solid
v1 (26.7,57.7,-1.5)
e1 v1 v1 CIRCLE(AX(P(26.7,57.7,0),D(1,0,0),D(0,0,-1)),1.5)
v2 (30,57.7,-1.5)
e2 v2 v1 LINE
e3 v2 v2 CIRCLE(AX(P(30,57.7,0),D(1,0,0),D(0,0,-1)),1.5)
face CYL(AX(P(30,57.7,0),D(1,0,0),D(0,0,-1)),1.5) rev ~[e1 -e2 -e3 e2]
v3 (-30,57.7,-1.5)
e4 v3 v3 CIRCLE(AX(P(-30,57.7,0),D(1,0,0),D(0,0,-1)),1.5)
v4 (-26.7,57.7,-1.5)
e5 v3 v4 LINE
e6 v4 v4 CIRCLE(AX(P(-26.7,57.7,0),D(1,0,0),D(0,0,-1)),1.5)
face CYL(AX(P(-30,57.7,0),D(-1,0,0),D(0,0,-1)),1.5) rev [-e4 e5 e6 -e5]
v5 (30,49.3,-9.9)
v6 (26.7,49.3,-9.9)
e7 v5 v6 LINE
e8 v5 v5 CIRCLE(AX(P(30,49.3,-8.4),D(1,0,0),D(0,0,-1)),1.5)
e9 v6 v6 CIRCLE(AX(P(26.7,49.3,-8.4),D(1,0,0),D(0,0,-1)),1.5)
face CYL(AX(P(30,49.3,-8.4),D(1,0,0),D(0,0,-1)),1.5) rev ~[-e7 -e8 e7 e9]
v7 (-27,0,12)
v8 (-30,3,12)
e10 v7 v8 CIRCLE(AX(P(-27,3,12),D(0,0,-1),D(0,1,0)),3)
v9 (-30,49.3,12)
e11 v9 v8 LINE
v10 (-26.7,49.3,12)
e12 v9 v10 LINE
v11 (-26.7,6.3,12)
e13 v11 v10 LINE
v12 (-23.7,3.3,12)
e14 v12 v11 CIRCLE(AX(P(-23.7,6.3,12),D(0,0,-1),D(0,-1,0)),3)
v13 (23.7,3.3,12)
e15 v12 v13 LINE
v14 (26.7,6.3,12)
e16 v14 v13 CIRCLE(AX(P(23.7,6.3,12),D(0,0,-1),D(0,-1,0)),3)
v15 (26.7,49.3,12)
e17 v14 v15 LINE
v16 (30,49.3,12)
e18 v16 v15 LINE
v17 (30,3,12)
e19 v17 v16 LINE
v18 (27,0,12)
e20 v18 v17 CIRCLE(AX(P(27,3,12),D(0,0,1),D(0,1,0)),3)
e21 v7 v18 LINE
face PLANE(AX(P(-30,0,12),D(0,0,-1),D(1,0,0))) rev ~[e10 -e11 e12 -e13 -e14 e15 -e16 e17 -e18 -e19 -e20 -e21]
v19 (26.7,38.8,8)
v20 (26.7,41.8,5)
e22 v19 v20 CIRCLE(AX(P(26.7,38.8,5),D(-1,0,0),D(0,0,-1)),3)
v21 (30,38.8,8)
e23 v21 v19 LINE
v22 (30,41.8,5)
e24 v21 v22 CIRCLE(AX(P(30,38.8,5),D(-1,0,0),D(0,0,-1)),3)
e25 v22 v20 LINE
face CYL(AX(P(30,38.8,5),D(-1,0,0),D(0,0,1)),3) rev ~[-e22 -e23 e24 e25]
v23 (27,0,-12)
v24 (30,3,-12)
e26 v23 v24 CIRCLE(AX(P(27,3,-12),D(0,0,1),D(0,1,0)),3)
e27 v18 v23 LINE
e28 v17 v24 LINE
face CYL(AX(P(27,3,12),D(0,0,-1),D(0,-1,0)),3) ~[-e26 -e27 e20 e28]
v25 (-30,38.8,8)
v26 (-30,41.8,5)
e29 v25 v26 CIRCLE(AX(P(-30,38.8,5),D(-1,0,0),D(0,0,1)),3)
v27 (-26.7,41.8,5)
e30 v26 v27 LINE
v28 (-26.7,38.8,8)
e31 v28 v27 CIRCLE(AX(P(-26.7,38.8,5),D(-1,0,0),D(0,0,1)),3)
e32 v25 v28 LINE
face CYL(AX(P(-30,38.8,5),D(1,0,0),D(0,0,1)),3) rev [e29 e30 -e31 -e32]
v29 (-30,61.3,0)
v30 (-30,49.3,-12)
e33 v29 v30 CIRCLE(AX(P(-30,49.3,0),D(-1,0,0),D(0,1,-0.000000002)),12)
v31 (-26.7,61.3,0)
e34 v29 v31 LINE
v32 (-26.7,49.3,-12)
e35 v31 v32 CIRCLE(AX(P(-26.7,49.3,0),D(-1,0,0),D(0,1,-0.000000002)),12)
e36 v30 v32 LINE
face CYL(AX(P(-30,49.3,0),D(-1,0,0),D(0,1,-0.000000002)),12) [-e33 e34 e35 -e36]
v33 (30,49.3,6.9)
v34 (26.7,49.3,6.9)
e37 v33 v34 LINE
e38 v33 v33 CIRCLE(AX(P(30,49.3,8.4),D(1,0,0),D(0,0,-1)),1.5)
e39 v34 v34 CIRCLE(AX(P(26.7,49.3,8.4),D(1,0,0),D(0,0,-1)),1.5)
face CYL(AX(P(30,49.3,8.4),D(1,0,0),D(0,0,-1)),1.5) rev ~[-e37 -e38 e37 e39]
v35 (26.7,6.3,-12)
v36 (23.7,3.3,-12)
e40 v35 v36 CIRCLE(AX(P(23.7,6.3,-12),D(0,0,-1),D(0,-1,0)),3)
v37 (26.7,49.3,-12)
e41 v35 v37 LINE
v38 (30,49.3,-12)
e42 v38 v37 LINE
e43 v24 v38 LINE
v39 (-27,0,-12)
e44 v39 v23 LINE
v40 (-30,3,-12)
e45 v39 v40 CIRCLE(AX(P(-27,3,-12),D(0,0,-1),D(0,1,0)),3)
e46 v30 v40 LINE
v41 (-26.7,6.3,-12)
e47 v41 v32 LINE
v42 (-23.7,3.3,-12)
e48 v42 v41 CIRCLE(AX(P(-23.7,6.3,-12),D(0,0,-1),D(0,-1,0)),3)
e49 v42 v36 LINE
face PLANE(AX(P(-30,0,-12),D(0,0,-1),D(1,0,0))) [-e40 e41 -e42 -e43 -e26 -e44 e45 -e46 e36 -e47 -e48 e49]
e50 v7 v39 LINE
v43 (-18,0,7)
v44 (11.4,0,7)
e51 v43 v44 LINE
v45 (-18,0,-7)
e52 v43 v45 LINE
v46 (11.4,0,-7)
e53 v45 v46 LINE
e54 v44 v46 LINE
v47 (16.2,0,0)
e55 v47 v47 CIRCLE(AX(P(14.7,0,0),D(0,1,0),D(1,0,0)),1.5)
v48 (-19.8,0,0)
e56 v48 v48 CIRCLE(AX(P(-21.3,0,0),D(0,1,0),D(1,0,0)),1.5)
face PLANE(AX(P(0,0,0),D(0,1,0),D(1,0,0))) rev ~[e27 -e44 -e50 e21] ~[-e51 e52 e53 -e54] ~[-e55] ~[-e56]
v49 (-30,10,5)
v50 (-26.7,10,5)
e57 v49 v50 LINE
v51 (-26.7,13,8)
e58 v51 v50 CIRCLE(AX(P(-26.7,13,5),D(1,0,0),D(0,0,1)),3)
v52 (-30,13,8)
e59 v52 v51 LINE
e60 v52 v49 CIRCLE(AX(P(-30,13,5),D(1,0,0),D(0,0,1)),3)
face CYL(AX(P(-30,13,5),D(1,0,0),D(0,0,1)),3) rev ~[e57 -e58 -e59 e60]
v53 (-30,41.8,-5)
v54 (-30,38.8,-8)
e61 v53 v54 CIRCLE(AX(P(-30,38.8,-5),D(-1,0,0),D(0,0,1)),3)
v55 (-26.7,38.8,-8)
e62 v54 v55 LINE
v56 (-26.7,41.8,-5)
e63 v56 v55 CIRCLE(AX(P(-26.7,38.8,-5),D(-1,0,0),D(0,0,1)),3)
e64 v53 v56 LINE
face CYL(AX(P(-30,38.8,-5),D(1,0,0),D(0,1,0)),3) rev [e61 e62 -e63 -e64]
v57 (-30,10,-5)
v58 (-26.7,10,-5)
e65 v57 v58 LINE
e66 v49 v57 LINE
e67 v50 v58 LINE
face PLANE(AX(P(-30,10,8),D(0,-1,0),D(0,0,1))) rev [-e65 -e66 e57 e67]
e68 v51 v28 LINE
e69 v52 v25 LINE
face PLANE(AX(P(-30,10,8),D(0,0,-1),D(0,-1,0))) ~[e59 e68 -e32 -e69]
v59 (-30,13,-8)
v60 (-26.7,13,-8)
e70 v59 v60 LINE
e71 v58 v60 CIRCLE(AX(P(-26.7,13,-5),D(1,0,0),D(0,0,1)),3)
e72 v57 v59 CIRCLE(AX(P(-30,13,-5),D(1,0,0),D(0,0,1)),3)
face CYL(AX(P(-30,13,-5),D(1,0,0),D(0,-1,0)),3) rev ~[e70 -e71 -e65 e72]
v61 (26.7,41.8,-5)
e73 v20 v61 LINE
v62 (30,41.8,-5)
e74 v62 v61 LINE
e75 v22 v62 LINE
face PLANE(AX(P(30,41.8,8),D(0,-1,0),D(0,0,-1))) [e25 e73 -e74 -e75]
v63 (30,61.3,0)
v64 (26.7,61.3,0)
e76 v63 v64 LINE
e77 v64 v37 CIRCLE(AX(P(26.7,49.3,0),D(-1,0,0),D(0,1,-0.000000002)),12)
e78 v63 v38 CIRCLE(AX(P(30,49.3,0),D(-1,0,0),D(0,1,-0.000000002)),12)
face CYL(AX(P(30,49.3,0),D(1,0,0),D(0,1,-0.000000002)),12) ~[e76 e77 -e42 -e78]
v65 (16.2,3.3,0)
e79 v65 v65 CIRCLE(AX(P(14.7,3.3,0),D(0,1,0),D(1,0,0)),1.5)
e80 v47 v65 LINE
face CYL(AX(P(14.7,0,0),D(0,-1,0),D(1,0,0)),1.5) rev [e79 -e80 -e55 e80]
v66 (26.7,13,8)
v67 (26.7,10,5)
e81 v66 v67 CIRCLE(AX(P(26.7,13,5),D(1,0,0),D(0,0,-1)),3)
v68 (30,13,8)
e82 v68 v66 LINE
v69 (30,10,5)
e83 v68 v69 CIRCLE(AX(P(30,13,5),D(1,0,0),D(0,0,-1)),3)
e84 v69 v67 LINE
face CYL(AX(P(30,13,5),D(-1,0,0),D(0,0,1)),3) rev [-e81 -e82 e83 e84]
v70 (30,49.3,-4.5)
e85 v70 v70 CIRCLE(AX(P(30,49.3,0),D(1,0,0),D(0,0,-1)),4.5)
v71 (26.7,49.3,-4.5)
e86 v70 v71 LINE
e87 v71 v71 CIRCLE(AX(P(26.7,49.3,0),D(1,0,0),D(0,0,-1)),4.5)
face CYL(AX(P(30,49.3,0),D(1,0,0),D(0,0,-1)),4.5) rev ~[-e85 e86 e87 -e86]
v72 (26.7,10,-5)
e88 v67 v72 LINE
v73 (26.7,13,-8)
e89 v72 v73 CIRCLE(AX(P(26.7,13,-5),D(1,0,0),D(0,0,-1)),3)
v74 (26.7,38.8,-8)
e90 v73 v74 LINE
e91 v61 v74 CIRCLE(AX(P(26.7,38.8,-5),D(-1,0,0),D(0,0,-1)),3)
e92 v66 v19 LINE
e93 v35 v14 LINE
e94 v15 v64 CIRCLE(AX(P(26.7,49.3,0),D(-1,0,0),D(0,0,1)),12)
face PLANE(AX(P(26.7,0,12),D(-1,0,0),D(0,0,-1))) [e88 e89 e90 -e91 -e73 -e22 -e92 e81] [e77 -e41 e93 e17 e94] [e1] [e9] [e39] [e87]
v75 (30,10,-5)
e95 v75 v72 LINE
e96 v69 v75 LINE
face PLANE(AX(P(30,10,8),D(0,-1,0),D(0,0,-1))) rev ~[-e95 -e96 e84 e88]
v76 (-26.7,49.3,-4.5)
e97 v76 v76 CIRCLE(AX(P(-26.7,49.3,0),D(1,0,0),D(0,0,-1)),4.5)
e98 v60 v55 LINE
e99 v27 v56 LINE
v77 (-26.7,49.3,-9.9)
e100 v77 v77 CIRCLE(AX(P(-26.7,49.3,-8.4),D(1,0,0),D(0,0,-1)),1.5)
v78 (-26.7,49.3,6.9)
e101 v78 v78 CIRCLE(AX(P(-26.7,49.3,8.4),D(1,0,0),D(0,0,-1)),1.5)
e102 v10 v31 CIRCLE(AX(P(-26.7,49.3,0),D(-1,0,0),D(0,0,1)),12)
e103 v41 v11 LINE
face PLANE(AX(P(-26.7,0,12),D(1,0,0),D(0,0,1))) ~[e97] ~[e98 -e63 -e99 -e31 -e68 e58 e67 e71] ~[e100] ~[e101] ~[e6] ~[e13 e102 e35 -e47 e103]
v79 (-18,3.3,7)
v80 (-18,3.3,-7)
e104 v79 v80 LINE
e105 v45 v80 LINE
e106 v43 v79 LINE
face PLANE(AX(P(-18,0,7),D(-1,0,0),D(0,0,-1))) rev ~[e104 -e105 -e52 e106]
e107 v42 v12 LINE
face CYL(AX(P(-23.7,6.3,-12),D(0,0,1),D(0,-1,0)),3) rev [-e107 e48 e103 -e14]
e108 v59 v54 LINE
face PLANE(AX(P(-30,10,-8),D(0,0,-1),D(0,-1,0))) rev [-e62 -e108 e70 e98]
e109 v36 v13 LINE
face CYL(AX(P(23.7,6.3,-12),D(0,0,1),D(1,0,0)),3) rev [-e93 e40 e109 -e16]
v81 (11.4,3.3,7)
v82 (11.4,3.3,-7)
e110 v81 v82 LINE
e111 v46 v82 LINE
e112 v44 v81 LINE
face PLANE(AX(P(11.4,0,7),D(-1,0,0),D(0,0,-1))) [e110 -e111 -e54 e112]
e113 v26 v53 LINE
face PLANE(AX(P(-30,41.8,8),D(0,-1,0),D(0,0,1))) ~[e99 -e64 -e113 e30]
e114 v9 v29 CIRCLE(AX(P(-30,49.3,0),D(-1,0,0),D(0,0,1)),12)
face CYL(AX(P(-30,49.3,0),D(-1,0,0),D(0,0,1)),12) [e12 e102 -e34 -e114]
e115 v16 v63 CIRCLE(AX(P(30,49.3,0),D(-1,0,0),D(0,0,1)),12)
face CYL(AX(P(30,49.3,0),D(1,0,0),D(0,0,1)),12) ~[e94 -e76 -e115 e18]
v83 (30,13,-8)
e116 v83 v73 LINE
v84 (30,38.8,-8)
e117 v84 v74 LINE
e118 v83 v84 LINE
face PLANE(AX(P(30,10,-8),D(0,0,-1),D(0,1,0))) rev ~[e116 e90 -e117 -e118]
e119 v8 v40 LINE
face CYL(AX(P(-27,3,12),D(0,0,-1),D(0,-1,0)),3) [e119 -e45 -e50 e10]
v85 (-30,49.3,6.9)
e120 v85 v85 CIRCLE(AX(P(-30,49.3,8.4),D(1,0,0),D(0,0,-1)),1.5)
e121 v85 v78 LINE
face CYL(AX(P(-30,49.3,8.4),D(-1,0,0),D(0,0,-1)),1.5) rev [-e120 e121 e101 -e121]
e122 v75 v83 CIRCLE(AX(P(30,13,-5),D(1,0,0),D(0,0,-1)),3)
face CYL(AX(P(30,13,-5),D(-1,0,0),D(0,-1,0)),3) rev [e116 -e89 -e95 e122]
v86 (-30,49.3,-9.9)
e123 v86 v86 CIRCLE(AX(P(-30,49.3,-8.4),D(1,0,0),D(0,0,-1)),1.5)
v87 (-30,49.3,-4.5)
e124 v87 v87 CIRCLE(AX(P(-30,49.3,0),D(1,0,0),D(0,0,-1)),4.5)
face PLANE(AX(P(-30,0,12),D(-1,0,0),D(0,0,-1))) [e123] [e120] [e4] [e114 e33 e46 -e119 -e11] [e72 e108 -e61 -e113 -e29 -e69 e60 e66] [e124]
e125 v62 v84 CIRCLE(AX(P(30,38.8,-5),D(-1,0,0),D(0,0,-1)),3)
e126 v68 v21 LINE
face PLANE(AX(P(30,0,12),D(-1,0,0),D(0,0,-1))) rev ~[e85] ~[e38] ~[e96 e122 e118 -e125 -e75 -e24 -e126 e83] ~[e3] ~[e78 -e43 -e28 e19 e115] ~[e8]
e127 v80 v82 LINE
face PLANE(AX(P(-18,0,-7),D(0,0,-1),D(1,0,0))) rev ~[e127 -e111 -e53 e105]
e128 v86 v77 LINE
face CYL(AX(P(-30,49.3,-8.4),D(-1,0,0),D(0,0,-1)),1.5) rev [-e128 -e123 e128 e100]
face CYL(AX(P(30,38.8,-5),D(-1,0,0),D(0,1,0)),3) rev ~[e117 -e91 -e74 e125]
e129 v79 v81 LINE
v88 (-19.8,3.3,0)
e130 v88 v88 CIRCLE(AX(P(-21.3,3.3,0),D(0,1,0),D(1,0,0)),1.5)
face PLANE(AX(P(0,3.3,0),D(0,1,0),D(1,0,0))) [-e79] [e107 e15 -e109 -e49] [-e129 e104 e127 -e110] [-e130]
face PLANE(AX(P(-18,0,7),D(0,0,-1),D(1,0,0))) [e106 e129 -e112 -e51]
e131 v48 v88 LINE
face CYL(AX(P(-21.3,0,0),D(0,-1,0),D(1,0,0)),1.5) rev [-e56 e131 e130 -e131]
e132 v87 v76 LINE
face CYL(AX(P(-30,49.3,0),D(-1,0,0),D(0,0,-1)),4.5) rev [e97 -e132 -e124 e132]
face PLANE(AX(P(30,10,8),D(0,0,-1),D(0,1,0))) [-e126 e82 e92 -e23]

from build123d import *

# Parameters (mm, degrees)
SKETCH1_W           = 60
SKETCH1_H           = 24
BOSS_EXTRUDE1_DEPTH = 3.3
SKETCH2_W           = 3.3
SKETCH2_H           = 24
BOSS_EXTRUDE2_DEPTH = 61.3
SKETCH3_W           = 16
SKETCH3_H           = 31.8
CUT_EXTRUDE1_DEPTH  = 3.3
CUT_EXTRUDE2_DEPTH  = 3.3
SKETCH5_R           = 4.5
SKETCH5_R_2         = 1.5
CUT_EXTRUDE3_DEPTH  = 3.3
SKETCH7_R           = 1.5
SKETCH7_W           = 29.4
SKETCH7_H           = 14
CUT_EXTRUDE4_DEPTH  = 3.3
FILLET1_R           = 3


with BuildPart() as part:
    # Sketch1 → Boss-Extrude1 (new body)
    with BuildSketch(Plane(origin=(0, 0, 0), x_dir=(1, 0, 0), z_dir=(0, 1, 0))):
        Rectangle(SKETCH1_W, SKETCH1_H)
    extrude(amount=BOSS_EXTRUDE1_DEPTH)

    # Sketch2 → Boss-Extrude2 (add)
    with BuildSketch(Plane(origin=(0, 0, 0), x_dir=(1, 0, 0), z_dir=(0, 1, 0))):
        with Locations((28.35, 0)):
            Rectangle(SKETCH2_W, SKETCH2_H)
    boss_extrude2 = extrude(amount=BOSS_EXTRUDE2_DEPTH)

    # Sketch3 → Cut-Extrude1 (cut)
    with BuildSketch(Plane(origin=(30, 0, 0), x_dir=(0, 0, -1), z_dir=(1, 0, 0))):
        with Locations((0, 25.9)):
            Rectangle(SKETCH3_W, SKETCH3_H)
    cut_extrude1 = extrude(amount=-CUT_EXTRUDE1_DEPTH, mode=Mode.SUBTRACT)

    # Sketch4 → Cut-Extrude2 (cut)
    with BuildSketch(Plane(origin=(30, 0, 0), x_dir=(0, 0, -1), z_dir=(1, 0, 0))):
        with BuildLine():
            ThreePointArc((2.4e-08, 61.3), (8.485281383, 57.785281366), (12, 49.3))
            Line((12, 49.3), (12, 61.3))
            Line((12, 61.3), (2.4e-08, 61.3))
        make_face()
        with BuildLine():
            ThreePointArc((-12, 49.3), (-8.485281366, 57.785281383), (2.4e-08, 61.3))
            Line((2.4e-08, 61.3), (-12, 61.3))
            Line((-12, 61.3), (-12, 49.3))
        make_face()
    cut_extrude2 = extrude(amount=-CUT_EXTRUDE2_DEPTH, mode=Mode.SUBTRACT)

    # Sketch5 → Cut-Extrude3 (cut)
    with BuildSketch(Plane(origin=(30, 0, 0), x_dir=(0, 0, -1), z_dir=(1, 0, 0))):
        with Locations((0, 49.3)):
            Circle(SKETCH5_R)
        with Locations((8.4, 49.3)):
            Circle(SKETCH5_R_2)
        with Locations((0, 57.7)):
            Circle(SKETCH5_R_2)
        with Locations((-8.4, 49.3)):
            Circle(SKETCH5_R_2)
    cut_extrude3 = extrude(amount=-CUT_EXTRUDE3_DEPTH, mode=Mode.SUBTRACT)

    # Sketch7 → Cut-Extrude4 (cut)
    with BuildSketch(Plane(origin=(0, 0, 0), x_dir=(1, 0, 0), z_dir=(0, 1, 0))):
        with Locations((-21.3, 0)):
            Circle(SKETCH7_R)
        with Locations((14.7, 0)):
            Circle(SKETCH7_R)
        with Locations((-3.3, 0)):
            Rectangle(SKETCH7_W, SKETCH7_H)
    extrude(amount=CUT_EXTRUDE4_DEPTH, mode=Mode.SUBTRACT)

    # Mirror2: Boss-Extrude2, Cut-Extrude1, Cut-Extrude2, Cut-Extrude3 across plane
    add(boss_extrude2.mirror(Plane(origin=(0, 0, 0), x_dir=(0, 0, 1), z_dir=(1, 0, 0))))
    add(cut_extrude1.mirror(Plane(origin=(0, 0, 0), x_dir=(0, 0, 1), z_dir=(1, 0, 0))), mode=Mode.SUBTRACT)
    add(cut_extrude2.mirror(Plane(origin=(0, 0, 0), x_dir=(0, 0, 1), z_dir=(1, 0, 0))), mode=Mode.SUBTRACT)
    add(cut_extrude3.mirror(Plane(origin=(0, 0, 0), x_dir=(0, 0, 1), z_dir=(1, 0, 0))), mode=Mode.SUBTRACT)

    # Fillet1
    fillet1_edges = [part.edges().sort_by_distance(p)[0] for p in [
        (-26.7, 3.3, 0),
        (-28.35, 10, 8),
        (-28.35, 41.8, 8),
        (-28.35, 41.8, -8),
        (-28.35, 10, -8),
        (26.7, 3.3, 0),
        (28.35, 41.8, -8),
        (28.35, 10, -8),
        (28.35, 10, 8),
        (28.35, 41.8, 8),
        (-30, 0, 0),
        (30, 0, 0),
    ]]
    fillet(fillet1_edges, radius=FILLET1_R)


solid = part.part
